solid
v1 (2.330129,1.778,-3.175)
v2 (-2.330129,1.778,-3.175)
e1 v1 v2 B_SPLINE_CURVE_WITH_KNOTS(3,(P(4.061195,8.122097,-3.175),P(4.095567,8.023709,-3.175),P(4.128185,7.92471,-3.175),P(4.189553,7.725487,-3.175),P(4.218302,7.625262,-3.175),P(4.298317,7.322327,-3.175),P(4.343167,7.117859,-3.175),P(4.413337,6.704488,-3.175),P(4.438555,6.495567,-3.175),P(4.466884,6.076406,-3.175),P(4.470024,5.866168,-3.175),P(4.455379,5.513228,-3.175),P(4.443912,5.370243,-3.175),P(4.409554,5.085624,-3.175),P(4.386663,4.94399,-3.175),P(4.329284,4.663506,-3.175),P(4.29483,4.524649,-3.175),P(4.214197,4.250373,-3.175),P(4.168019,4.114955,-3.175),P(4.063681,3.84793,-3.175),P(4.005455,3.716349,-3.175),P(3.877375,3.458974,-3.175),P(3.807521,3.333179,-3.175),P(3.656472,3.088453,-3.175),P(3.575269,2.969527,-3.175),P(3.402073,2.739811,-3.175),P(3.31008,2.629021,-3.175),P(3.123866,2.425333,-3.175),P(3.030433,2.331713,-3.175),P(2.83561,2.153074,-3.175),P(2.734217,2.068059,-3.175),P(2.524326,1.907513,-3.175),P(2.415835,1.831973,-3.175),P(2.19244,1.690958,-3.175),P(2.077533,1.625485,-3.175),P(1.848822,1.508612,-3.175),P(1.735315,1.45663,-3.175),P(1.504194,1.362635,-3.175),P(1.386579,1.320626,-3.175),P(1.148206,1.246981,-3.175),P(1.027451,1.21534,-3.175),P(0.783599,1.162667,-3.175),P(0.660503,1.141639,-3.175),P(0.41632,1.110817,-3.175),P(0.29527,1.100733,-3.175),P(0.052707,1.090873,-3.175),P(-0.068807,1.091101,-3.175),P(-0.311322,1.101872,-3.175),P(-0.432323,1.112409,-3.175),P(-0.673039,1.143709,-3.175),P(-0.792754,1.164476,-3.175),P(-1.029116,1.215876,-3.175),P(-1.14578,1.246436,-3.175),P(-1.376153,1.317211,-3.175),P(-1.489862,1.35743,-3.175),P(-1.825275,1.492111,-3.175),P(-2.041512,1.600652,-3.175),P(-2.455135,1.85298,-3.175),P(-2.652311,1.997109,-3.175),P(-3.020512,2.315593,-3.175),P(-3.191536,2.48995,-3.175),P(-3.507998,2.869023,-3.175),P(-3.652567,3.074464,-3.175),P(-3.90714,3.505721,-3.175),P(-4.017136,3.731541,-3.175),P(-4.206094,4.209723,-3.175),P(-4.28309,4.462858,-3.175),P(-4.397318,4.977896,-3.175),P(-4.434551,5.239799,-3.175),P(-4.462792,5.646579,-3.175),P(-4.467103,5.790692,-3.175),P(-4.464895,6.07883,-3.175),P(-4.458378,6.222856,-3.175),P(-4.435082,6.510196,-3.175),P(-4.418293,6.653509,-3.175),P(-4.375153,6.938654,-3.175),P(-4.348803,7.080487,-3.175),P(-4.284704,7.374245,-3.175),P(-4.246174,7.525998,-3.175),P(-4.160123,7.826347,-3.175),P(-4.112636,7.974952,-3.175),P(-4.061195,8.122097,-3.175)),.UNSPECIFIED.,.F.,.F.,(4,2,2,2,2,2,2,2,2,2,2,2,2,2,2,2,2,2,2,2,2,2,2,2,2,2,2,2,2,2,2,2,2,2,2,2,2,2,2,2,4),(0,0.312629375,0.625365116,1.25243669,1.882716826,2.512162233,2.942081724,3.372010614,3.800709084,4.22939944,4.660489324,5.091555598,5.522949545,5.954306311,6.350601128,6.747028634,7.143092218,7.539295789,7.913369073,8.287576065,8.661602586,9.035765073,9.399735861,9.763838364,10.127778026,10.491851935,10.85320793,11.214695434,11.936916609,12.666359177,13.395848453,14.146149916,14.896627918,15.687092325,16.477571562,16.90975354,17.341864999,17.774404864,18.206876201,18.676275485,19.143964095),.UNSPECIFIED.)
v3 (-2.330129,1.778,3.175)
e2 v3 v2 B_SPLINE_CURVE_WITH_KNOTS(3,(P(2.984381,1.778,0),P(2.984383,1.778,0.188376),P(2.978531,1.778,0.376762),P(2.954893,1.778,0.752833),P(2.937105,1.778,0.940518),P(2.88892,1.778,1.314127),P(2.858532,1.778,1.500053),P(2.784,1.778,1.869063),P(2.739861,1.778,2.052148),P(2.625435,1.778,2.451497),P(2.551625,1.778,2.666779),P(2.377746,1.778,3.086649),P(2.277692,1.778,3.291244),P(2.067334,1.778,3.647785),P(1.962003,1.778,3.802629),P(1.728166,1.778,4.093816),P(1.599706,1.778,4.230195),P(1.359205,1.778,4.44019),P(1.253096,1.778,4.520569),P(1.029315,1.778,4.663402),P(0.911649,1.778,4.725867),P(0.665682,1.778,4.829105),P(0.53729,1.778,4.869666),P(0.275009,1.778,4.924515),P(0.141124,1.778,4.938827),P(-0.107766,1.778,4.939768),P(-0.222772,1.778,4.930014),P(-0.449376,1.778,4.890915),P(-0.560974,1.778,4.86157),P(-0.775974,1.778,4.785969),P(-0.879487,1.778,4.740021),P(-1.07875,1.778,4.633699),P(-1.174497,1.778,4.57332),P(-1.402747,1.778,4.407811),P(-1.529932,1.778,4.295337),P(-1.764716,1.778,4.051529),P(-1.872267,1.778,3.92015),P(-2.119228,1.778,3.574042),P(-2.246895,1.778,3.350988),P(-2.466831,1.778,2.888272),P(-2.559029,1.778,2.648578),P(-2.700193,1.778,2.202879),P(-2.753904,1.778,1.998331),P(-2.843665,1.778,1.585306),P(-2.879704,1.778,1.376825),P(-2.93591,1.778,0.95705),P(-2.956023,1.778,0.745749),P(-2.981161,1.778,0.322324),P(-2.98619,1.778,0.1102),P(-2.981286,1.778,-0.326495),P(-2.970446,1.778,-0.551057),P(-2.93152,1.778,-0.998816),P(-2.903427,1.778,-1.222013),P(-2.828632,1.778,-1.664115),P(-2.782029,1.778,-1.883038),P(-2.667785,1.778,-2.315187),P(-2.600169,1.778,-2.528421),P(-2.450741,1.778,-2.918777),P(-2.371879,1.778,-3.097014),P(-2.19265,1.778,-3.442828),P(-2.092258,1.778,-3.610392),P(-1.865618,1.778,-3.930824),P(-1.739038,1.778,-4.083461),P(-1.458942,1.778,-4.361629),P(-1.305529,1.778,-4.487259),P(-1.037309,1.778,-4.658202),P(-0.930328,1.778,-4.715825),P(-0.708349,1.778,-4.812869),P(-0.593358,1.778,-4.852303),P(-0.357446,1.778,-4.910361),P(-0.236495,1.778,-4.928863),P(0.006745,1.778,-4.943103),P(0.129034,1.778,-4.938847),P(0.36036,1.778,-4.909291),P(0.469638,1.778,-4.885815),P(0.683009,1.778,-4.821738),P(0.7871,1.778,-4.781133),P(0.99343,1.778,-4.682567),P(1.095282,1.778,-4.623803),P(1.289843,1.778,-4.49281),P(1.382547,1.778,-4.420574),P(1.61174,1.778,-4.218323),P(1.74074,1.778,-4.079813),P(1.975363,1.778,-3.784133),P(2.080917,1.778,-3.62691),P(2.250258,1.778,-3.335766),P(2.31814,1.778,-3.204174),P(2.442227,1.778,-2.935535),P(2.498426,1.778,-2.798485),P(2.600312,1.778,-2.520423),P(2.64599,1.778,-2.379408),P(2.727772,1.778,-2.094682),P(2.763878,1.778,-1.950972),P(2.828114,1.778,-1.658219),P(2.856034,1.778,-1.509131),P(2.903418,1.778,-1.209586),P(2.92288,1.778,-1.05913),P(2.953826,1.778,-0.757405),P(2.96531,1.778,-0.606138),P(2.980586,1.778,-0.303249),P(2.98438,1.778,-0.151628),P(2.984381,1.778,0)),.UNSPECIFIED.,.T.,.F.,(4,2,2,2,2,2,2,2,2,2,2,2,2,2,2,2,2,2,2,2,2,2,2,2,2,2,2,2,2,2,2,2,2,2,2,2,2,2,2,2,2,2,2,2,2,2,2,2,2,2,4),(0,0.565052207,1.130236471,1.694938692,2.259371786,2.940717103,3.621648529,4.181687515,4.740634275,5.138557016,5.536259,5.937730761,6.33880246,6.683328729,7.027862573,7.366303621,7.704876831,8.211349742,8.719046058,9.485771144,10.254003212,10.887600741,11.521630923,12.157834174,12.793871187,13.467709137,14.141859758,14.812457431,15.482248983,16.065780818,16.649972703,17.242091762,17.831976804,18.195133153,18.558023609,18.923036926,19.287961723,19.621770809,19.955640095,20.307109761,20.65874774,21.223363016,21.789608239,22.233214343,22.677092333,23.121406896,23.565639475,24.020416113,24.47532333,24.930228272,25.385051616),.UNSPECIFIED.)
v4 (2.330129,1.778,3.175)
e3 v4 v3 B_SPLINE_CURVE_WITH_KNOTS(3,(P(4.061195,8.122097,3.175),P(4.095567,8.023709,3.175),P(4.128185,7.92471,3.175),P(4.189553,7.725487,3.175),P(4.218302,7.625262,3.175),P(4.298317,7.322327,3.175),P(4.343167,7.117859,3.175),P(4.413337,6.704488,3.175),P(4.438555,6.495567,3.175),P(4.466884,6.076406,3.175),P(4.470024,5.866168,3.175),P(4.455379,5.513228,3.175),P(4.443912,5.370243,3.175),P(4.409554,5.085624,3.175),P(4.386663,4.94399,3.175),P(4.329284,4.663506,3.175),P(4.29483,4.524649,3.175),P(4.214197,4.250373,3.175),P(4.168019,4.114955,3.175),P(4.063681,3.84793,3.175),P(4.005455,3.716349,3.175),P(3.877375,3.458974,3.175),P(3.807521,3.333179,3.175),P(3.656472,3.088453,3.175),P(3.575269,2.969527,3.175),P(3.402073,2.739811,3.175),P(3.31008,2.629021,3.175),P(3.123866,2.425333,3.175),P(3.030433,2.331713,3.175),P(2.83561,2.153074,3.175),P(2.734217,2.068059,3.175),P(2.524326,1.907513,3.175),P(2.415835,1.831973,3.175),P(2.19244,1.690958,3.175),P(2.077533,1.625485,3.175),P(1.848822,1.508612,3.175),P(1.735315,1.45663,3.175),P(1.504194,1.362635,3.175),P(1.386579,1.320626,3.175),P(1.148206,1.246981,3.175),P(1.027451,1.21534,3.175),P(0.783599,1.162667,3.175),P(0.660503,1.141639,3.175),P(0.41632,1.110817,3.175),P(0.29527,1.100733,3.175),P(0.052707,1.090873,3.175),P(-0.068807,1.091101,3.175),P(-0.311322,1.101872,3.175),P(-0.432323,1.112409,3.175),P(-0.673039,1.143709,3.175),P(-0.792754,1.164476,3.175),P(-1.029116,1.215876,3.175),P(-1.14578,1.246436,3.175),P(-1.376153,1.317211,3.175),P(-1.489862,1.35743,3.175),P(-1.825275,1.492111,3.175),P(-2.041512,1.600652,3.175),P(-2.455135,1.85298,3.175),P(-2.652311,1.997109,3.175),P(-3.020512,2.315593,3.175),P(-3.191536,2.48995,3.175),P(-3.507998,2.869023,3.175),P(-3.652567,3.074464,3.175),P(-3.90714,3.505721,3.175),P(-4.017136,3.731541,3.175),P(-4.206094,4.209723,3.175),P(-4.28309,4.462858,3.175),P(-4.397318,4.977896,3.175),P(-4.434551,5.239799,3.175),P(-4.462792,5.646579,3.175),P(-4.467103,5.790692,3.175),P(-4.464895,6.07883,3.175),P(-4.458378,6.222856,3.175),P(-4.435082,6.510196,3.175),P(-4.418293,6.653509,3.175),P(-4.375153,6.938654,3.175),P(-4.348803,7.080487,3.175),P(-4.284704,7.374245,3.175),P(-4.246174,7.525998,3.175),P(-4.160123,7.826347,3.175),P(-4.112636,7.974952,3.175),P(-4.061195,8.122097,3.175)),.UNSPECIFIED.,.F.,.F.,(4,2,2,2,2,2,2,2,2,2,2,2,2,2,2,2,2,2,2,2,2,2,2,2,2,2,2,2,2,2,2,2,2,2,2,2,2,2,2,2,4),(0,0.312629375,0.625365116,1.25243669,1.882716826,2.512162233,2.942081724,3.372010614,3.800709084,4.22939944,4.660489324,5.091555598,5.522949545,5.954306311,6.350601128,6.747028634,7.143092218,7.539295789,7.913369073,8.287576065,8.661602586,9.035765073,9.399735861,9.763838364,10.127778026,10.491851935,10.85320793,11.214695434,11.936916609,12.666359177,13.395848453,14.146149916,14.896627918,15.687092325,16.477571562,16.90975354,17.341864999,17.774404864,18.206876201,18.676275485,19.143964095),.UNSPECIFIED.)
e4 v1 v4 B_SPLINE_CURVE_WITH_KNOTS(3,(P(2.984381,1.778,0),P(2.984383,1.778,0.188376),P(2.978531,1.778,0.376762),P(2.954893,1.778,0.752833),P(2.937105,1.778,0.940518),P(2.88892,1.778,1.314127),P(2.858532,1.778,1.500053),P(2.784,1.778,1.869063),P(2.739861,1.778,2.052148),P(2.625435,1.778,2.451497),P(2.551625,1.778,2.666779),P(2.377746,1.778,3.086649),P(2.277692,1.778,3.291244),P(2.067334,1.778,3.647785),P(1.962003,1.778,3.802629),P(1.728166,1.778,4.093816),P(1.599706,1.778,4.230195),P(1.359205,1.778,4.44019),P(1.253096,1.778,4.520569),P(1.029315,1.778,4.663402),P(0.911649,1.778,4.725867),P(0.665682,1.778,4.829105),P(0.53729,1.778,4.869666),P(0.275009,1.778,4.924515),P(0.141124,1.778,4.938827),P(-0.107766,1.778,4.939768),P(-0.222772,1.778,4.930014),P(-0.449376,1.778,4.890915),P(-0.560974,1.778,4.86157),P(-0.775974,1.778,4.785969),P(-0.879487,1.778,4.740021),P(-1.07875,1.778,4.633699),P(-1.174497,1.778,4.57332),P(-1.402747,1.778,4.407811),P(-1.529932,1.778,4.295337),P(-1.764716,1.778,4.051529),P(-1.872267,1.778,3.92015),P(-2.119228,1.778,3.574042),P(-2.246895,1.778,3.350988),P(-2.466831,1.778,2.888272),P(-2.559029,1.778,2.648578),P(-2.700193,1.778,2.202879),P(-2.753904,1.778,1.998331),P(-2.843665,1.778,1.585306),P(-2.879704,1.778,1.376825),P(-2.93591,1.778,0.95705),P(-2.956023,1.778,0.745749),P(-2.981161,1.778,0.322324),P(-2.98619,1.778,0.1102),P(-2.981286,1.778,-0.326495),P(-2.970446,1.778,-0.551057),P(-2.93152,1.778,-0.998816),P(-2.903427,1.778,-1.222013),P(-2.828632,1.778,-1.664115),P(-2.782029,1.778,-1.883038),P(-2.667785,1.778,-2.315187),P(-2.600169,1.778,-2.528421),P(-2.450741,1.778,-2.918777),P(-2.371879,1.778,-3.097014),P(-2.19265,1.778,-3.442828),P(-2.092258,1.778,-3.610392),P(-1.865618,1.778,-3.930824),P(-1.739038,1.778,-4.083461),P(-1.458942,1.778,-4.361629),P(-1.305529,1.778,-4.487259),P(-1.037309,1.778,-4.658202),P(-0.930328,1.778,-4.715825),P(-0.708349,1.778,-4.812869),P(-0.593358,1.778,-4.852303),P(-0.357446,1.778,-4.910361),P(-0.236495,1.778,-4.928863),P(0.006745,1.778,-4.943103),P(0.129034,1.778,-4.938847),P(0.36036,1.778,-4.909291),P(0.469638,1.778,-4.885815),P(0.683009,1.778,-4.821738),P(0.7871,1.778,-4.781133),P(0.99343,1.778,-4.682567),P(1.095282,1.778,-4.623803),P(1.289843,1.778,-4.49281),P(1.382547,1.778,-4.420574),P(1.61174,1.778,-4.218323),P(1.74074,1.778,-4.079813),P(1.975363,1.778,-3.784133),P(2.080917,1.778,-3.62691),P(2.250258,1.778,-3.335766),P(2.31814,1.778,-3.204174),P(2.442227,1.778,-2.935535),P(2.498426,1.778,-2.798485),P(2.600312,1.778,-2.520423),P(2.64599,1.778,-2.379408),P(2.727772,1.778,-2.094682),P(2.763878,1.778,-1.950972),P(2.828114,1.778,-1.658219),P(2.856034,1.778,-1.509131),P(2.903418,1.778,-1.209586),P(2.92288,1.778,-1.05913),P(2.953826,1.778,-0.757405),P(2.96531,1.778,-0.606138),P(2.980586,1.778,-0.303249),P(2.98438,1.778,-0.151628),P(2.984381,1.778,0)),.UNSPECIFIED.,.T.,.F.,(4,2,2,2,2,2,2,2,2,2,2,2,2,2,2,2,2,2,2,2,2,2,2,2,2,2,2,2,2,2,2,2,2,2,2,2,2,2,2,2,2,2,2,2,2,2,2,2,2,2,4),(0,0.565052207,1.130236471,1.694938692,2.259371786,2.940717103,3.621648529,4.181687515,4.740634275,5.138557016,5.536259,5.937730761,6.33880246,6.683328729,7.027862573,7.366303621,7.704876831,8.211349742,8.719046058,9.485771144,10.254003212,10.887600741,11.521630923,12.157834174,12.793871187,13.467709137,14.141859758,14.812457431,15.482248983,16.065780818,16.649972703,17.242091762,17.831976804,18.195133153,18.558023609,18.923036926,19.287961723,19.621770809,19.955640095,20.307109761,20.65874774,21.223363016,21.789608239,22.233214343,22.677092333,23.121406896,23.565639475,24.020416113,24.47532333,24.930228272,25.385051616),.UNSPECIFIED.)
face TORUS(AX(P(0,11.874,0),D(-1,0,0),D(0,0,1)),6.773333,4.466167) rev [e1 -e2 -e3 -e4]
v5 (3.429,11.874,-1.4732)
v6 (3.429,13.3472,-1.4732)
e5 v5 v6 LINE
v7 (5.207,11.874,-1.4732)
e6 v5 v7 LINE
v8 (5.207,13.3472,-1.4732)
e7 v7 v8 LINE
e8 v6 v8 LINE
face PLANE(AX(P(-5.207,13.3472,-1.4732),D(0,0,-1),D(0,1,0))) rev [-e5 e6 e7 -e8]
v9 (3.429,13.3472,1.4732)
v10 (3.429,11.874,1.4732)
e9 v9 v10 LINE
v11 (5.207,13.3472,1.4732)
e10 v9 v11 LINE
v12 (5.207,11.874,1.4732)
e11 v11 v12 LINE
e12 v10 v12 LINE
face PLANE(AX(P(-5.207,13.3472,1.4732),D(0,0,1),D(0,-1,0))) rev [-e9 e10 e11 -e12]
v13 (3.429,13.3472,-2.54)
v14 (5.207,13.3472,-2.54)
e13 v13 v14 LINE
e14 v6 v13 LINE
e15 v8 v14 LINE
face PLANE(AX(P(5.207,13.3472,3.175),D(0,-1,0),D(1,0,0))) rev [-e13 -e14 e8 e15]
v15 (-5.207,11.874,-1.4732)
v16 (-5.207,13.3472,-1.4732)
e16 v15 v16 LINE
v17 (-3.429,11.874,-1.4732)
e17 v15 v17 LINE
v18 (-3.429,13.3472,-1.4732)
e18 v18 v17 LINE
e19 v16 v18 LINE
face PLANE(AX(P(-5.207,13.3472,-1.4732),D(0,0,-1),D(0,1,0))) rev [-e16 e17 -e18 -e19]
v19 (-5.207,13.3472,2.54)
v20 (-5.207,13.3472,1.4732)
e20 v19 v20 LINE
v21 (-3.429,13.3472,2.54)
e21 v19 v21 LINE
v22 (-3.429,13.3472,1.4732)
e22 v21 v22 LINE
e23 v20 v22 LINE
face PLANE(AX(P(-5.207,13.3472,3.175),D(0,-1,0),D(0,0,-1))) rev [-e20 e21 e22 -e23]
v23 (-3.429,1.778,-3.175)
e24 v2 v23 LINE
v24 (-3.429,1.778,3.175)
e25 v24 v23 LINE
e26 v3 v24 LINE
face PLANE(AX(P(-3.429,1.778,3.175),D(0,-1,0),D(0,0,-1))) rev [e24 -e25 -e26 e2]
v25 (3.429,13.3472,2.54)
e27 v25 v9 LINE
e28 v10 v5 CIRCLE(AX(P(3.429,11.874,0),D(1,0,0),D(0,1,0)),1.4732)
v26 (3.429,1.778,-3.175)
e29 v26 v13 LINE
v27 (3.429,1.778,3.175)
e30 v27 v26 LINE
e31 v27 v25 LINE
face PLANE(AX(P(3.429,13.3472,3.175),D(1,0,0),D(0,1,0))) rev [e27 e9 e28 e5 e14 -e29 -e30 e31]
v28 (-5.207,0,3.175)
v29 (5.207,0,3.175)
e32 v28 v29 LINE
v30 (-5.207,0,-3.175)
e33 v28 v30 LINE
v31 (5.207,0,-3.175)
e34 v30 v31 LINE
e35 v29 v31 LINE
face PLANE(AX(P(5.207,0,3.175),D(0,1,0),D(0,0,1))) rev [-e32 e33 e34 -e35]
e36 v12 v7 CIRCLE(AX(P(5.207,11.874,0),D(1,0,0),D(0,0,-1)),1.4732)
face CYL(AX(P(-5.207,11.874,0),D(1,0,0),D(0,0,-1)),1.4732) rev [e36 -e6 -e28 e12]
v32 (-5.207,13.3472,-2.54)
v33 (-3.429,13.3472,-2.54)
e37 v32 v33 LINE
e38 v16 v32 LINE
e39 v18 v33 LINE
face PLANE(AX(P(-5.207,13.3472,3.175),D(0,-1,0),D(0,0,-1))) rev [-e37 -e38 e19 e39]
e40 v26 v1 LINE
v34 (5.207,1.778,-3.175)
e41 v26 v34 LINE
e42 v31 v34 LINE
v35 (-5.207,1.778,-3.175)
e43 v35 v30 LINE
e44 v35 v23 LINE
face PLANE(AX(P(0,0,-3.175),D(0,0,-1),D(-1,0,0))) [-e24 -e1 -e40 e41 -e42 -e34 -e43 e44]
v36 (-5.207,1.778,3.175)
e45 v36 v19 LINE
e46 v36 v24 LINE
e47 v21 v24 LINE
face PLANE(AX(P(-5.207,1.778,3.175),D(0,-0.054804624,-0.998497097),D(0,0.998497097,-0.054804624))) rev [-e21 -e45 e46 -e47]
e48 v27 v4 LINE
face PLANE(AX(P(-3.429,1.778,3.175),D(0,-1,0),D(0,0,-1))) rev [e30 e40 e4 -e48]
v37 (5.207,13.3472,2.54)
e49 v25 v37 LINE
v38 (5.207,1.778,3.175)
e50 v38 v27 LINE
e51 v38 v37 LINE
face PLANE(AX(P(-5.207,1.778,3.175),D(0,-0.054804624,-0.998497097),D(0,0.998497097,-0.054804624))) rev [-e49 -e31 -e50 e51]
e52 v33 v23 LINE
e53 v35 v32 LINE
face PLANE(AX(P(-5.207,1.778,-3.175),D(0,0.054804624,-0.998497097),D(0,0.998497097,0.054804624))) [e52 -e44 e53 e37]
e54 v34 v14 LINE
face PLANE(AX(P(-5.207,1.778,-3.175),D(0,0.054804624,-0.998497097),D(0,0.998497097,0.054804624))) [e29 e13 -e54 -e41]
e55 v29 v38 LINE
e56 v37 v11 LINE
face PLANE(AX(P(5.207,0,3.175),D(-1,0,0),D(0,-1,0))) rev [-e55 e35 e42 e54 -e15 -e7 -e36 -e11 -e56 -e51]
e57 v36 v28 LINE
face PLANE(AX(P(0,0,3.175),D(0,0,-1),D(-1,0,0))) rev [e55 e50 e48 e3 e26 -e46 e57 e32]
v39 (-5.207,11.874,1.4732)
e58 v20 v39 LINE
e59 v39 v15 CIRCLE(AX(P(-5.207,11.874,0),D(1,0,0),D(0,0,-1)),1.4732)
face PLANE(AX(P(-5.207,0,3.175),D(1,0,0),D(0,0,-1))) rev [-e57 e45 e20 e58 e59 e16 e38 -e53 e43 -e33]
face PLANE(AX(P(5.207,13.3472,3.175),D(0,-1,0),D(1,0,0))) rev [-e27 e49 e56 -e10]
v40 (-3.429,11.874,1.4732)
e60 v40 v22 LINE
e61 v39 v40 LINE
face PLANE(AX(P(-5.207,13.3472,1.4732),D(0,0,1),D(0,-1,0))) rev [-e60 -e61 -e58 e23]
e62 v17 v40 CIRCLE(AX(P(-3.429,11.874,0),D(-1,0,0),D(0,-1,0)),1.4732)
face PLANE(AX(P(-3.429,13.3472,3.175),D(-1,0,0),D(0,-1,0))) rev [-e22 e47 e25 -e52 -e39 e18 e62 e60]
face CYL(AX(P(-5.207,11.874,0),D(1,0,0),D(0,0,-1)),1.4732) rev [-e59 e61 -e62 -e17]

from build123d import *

# Parameters (mm, degrees)
BOSS_EXTRUDE1_DEPTH     = 3.175
CUT_EXTRUDE1_DEPTH      = 15.674509254
CUT_EXTRUDE1_DEPTH_BACK = 15.674509254
CUT_EXTRUDE2_DEPTH      = 15.674509254


with BuildPart() as part:
    # Sketch1 → Boss-Extrude1 (new, symmetric)
    with BuildSketch(Plane.XY):
        Polygon((5.207, 0), (-5.207, 0), (-5.207, 13.3472), (-3.429, 13.3472), (-3.429, 1.778), (3.429, 1.778), (3.429, 13.3472), (5.207, 13.3472), align=None)
    extrude(amount=BOSS_EXTRUDE1_DEPTH, both=True)

    # Sketch2 → Cut-Extrude1 (cut, two sides: drawn at the far end of the back side and taken through both)
    with BuildSketch(Plane(origin=(0, 0, 0), x_dir=(0, 0, -1), z_dir=(1, 0, 0)).offset(-CUT_EXTRUDE1_DEPTH_BACK)):
        with BuildLine():
            Line((1.4732, 13.3472), (1.4732, 11.874))
            ThreePointArc((1.4732, 11.874), (0, 10.4008), (-1.4732, 11.874))
            Line((-1.4732, 11.874), (-1.4732, 13.3472))
            ThreePointArc((-1.4732, 13.3472), (0, 14.8204), (1.4732, 13.3472))
        make_face()
    extrude(amount=CUT_EXTRUDE1_DEPTH + CUT_EXTRUDE1_DEPTH_BACK, mode=Mode.SUBTRACT)

    # Sketch4 → Cut-Extrude2 (cut, symmetric)
    with BuildSketch(Plane(origin=(0, 0, 0), x_dir=(0, 0, -1), z_dir=(1, 0, 0))):
        Polygon((-3.175, 1.778), (-3.175, 13.3472), (-2.54, 13.3472), align=None)
    cut_extrude2 = extrude(amount=CUT_EXTRUDE2_DEPTH, both=True, mode=Mode.SUBTRACT)

    # Mirror1: Cut-Extrude2 across plane
    add(cut_extrude2.mirror(Plane.XY), mode=Mode.SUBTRACT)

    # Sketch3 → Cut-Revolve1 (revolve, cut)
    with BuildSketch(Plane.XY):
        with BuildLine():
            Line((-3.11999347, 1.905), (3.11999347, 1.905))
            ThreePointArc((3.11999347, 1.905), (0, 0.6345), (-3.11999347, 1.905))
        make_face()
    revolve(axis=Axis((0, 11.874, 0), (1, 0, 0)), mode=Mode.SUBTRACT)


solid = part.part
